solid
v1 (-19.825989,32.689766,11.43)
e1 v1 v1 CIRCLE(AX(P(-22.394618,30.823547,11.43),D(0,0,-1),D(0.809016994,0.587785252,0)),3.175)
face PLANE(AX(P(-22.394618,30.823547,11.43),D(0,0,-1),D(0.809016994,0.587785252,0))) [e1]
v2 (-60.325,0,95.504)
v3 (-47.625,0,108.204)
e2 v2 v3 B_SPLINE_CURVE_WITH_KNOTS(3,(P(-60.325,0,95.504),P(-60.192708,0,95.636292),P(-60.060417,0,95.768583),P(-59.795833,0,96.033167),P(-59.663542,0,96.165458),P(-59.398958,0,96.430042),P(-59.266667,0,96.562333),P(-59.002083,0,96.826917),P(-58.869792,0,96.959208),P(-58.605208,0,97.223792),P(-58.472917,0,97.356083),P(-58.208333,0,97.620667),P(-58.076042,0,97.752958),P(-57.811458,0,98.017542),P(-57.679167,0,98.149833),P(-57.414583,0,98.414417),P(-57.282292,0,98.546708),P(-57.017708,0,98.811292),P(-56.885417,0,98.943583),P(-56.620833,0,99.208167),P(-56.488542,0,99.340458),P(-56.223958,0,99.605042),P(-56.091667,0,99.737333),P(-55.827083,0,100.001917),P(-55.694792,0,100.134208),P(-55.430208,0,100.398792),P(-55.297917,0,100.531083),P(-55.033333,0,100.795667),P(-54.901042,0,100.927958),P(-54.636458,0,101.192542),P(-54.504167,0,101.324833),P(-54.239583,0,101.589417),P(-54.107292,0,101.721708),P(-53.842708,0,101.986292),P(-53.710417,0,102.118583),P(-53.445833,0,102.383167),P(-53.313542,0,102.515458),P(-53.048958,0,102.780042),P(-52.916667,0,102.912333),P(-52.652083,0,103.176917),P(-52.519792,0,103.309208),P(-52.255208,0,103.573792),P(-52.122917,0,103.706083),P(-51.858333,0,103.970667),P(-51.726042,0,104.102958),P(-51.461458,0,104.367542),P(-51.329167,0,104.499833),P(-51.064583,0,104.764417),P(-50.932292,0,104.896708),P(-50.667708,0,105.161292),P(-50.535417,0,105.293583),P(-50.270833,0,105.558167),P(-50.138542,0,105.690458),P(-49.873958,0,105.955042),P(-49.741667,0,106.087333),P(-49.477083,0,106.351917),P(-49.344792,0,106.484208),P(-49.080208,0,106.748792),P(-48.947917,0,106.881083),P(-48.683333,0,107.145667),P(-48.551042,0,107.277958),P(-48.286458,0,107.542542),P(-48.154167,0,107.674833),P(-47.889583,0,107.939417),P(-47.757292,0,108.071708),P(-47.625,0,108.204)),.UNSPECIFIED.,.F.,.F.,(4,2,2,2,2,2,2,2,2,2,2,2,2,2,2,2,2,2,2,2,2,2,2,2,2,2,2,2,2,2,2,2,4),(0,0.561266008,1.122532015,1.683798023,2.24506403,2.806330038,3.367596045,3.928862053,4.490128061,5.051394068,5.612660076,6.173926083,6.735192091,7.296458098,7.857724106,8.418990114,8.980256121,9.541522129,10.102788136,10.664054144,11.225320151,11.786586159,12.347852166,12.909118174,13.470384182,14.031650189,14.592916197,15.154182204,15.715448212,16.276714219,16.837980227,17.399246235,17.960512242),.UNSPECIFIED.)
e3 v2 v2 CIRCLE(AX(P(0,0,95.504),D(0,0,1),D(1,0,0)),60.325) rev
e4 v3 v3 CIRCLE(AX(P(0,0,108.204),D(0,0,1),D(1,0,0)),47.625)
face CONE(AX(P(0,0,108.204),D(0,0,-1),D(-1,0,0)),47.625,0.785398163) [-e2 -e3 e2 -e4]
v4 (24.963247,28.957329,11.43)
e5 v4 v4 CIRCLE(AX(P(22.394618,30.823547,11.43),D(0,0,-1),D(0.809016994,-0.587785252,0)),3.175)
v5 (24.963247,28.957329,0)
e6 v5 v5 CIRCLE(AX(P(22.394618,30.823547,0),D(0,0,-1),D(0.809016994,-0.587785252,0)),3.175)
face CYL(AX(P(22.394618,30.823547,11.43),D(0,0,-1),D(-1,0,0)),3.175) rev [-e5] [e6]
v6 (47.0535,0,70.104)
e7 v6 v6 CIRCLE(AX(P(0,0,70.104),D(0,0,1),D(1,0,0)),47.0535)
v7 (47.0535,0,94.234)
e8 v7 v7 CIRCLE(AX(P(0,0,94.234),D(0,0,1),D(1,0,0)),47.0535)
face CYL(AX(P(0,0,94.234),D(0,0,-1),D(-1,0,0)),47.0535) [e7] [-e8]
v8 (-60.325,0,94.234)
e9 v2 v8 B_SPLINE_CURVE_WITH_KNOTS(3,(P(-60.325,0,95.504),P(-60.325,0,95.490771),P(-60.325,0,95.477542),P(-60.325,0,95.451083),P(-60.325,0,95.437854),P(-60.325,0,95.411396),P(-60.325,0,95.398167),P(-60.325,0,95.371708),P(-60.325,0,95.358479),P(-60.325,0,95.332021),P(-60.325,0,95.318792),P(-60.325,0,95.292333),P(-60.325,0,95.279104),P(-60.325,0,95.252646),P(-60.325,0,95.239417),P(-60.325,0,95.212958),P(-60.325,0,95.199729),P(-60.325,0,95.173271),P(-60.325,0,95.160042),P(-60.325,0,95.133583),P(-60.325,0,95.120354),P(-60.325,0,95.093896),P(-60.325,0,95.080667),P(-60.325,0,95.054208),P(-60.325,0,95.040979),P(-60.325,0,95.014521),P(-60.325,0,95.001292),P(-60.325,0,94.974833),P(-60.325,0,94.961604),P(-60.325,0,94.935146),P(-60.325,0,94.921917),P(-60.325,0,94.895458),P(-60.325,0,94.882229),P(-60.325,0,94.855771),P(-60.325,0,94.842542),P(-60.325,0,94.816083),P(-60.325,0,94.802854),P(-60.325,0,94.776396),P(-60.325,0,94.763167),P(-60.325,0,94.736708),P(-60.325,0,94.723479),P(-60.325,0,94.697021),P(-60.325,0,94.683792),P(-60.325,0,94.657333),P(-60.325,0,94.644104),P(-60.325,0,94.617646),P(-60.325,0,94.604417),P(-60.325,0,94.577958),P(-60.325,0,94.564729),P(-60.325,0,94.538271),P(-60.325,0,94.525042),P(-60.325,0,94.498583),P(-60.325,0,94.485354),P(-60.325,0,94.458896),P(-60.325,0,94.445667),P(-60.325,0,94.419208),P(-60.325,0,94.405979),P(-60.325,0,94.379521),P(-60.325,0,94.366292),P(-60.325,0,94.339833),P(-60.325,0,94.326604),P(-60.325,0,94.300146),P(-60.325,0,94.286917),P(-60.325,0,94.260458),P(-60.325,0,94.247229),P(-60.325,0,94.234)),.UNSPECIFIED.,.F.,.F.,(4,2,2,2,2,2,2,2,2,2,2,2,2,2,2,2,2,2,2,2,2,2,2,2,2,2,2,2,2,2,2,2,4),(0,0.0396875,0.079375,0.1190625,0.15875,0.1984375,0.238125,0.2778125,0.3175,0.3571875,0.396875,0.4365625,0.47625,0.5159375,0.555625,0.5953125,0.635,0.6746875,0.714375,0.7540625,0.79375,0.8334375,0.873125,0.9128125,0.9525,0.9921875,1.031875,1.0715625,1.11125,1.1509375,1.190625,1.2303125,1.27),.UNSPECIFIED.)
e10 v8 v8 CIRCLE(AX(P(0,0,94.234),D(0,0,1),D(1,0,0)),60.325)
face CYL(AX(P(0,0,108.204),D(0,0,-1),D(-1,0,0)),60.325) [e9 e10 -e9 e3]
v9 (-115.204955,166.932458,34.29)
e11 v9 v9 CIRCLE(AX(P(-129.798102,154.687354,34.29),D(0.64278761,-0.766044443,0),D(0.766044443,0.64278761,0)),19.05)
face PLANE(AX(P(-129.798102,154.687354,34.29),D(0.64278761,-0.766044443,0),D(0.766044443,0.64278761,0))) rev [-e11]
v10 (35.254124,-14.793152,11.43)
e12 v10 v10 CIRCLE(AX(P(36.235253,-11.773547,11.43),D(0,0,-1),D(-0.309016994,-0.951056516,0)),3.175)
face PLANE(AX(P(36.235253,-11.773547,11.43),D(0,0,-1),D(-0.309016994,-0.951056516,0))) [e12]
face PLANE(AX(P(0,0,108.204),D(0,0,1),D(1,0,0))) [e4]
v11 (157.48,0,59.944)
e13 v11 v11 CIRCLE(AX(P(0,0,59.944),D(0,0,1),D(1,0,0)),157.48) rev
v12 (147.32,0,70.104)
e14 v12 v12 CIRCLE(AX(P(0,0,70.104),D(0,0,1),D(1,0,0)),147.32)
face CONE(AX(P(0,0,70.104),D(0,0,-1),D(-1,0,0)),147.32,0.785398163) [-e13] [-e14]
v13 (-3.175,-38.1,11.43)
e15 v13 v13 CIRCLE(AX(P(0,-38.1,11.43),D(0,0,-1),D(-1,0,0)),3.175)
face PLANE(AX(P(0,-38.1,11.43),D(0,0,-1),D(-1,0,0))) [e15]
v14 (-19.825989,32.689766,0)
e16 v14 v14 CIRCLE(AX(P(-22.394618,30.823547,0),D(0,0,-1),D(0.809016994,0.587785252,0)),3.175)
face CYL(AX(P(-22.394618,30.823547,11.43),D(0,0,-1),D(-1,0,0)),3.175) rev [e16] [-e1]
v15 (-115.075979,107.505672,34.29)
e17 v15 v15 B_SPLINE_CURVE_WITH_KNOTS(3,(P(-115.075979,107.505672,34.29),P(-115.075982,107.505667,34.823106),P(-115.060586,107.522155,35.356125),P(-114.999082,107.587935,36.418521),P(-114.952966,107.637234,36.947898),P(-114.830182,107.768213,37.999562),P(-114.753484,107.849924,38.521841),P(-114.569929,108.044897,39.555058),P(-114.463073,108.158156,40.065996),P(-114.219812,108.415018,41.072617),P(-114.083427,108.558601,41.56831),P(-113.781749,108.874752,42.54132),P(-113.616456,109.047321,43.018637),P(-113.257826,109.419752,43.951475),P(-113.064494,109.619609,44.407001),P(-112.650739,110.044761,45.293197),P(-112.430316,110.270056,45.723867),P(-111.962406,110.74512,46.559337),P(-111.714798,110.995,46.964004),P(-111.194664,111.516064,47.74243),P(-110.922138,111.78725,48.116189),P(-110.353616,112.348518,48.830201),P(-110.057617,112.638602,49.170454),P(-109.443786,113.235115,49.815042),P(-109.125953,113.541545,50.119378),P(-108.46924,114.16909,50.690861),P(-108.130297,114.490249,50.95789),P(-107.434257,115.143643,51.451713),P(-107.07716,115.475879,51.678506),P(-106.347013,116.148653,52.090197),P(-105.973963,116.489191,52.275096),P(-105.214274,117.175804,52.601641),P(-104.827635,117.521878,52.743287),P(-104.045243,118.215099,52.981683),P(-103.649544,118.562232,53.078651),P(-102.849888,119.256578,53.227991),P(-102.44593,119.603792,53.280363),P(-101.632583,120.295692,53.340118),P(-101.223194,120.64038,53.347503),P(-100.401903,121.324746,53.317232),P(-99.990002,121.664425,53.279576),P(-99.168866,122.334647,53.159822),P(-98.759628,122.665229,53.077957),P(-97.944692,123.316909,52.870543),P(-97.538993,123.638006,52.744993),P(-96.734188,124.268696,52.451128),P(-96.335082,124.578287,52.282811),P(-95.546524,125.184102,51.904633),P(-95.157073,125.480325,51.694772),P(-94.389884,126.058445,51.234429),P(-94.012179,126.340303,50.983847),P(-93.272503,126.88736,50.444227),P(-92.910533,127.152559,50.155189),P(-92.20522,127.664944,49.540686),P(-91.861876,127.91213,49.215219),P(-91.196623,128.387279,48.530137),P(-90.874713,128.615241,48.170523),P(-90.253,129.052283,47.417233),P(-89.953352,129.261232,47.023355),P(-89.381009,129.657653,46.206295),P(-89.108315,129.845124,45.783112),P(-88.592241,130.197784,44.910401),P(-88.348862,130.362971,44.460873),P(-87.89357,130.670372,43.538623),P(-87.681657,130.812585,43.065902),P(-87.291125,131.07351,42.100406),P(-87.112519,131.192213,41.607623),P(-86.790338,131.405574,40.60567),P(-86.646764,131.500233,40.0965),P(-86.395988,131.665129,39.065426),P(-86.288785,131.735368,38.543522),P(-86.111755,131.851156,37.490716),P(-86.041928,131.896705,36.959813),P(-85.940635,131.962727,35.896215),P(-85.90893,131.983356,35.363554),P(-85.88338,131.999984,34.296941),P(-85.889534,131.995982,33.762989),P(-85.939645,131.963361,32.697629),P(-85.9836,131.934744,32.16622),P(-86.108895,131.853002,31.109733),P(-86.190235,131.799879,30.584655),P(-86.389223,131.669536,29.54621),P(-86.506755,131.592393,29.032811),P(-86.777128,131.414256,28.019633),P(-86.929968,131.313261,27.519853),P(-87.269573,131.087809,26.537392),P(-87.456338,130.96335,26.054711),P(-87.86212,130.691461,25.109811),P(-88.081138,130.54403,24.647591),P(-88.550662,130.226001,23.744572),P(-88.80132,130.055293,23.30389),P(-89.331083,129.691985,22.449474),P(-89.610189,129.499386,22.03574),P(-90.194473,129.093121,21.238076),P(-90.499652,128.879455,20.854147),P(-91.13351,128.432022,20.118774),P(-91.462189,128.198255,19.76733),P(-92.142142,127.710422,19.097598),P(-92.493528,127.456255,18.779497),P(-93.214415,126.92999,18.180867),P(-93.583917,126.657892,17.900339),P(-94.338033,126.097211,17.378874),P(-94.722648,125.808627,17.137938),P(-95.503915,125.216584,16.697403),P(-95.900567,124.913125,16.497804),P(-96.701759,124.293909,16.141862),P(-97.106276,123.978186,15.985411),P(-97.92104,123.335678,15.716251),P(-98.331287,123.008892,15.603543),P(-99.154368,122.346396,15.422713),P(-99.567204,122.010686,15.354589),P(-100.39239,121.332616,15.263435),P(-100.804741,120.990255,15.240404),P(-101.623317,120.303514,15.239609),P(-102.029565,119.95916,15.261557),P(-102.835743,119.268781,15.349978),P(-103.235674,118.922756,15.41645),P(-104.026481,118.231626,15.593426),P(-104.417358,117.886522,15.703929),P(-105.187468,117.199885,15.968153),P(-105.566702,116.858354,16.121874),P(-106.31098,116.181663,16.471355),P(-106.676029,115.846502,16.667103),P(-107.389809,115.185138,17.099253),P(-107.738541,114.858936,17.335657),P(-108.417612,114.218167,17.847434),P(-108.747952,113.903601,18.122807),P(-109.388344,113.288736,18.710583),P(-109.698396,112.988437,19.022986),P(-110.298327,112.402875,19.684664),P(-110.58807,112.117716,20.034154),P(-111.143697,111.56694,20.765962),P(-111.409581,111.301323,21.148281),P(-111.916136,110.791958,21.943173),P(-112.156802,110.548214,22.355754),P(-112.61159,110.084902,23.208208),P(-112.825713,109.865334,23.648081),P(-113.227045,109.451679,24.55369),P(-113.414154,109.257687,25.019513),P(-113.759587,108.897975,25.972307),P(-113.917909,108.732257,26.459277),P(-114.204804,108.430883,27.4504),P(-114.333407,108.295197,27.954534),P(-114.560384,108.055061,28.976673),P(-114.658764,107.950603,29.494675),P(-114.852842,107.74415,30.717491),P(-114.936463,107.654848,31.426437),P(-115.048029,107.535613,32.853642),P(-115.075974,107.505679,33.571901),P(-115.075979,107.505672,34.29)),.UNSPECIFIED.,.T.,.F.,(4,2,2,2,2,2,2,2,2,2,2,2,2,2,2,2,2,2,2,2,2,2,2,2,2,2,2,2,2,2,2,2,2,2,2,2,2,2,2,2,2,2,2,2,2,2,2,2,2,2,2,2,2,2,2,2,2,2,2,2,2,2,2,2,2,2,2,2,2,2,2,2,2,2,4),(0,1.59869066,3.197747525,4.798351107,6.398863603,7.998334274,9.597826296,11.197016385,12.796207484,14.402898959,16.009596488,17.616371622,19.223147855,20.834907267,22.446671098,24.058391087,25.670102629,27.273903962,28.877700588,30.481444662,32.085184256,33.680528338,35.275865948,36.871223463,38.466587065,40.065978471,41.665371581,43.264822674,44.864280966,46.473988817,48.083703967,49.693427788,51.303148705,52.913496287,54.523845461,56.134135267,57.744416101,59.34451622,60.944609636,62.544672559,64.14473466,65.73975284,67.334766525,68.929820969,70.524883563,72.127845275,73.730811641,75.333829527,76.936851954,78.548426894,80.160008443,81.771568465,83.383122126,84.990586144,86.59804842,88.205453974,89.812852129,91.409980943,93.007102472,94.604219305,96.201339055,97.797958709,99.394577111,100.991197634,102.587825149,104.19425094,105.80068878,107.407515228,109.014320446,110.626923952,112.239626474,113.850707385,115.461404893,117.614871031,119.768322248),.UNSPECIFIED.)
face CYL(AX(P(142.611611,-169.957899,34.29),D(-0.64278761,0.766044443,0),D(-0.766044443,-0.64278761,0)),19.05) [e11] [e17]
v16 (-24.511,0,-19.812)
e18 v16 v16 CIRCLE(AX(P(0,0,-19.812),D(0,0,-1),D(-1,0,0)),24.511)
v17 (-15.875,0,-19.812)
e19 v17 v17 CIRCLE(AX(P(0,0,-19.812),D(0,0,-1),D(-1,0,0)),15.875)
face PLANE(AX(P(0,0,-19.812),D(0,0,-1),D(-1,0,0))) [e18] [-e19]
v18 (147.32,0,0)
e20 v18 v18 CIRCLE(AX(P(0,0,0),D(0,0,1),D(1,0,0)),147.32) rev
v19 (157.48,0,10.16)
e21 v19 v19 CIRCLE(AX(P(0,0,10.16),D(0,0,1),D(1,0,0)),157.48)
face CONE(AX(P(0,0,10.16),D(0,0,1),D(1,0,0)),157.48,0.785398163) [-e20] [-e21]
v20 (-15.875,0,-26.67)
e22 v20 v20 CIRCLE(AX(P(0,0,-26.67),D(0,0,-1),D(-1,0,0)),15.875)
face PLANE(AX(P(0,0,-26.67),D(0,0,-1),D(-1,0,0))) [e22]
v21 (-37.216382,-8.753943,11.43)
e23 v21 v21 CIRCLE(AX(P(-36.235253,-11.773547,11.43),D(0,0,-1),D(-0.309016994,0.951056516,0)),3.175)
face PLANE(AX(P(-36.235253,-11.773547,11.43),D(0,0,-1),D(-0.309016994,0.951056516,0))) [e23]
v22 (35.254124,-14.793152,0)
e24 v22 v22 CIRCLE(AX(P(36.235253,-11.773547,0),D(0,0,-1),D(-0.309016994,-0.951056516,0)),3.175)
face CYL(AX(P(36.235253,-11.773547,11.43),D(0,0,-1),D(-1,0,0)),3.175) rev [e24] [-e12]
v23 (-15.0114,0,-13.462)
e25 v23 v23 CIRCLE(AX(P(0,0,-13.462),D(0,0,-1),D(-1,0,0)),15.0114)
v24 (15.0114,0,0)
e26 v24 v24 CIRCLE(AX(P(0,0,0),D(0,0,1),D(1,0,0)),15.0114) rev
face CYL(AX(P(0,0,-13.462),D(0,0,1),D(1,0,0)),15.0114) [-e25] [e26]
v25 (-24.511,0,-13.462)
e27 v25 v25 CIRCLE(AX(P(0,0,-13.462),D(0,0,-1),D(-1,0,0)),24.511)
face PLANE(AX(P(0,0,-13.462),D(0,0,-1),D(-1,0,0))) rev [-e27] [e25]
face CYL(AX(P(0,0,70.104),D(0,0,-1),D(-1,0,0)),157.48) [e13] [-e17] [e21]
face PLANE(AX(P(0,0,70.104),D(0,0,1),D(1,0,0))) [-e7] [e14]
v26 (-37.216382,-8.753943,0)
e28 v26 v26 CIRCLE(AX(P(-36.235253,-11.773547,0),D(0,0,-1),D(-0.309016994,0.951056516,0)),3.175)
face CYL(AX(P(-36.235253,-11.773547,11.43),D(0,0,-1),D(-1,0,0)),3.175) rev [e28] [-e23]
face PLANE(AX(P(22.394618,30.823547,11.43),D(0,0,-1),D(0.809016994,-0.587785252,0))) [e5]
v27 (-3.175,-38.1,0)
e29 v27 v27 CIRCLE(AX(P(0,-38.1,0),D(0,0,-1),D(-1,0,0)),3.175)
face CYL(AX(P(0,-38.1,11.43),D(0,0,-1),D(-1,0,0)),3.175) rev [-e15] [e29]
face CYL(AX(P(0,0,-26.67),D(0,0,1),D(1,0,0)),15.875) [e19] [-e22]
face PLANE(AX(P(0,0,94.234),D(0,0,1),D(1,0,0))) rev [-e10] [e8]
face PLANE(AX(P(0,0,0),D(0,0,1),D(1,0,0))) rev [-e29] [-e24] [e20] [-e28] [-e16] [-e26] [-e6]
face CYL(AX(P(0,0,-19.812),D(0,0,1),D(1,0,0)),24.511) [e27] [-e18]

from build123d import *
from build123d.topology import SkipClean

# Parameters (mm, degrees)
SKETCH1_R                  = 157.48000000000002
EXTRUDE1_DEPTH             = 70.10399999999998
SKETCH2_R                  = 47.0535
EXTRUDE2_DEPTH             = 24.130000000000003
SKETCH3_R                  = 15.011400000000002
EXTRUDE3_DEPTH             = 13.462
SKETCH4_R                  = 24.511
EXTRUDE4_DEPTH             = 6.35
SKETCH5_R                  = 15.875
EXTRUDE5_DEPTH             = 6.8580000000000005
SKETCH6_R                  = 3.174999999999999
CUT_EXTRUDE1_DEPTH         = 11.43
CIRPATTERN1_COUNT          = 5
SKETCH7_R                  = 60.325
EXTRUDE6_DEPTH             = 13.970000000000011
CHAMFER1_SIZE              = 10.16
CHAMFER2_SIZE              = 12.7
EXTRUDE7_REACH             = 396.95
EXTRUDE7_END_RADIUS        = 157.48000000000002
SKETCH8_R                  = 19.05
EXTRUDE7_DIRECTION_2_DEPTH = 44.449999999999996


with BuildPart() as part:
    # Sketch1 → Extrude1 (new body)
    with BuildSketch(Plane.XY):
        Circle(SKETCH1_R)
    extrude(amount=EXTRUDE1_DEPTH)

    # Sketch2 → Extrude2 (add)
    with BuildSketch(Plane.XY.offset(70.10399999999998)):
        Circle(SKETCH2_R)
    extrude(amount=EXTRUDE2_DEPTH)

    # Sketch3 → Extrude3 (add)
    with BuildSketch(Plane(origin=(0, 0, 0), x_dir=(-1, 0, 0), z_dir=(0, 0, -1))):
        Circle(SKETCH3_R)
    extrude(amount=EXTRUDE3_DEPTH)

    # Sketch4 → Extrude4 (add)
    with BuildSketch(Plane(origin=(0, 0, -13.462), x_dir=(-1, 0, 0), z_dir=(0, 0, -1))):
        Circle(SKETCH4_R)
    extrude(amount=EXTRUDE4_DEPTH)

    # Sketch5 → Extrude5 (add)
    with BuildSketch(Plane(origin=(0, 0, -19.812), x_dir=(-1, 0, 0), z_dir=(0, 0, -1))):
        Circle(SKETCH5_R)
    extrude(amount=EXTRUDE5_DEPTH)

    # Sketch6 → Cut-Extrude1 (cut)
    with BuildSketch(Plane(origin=(0, 0, 0), x_dir=(-1, 0, 0), z_dir=(0, 0, -1))):
        with Locations((0, -38.1)):
            Circle(SKETCH6_R)
    cut_extrude1 = extrude(amount=-CUT_EXTRUDE1_DEPTH, mode=Mode.SUBTRACT)

    # CirPattern1: Cut-Extrude1 ×5 about axis
    cirpattern1_axis = Axis((0, 0, 70.10399999999998), (0, 0, -1))
    for i in range(1, CIRPATTERN1_COUNT):
        add(cut_extrude1.rotate(cirpattern1_axis, i * 360 / CIRPATTERN1_COUNT), mode=Mode.SUBTRACT)

    # Sketch7 → Extrude6 (add)
    with BuildSketch(Plane.XY.offset(94.23399999999998)):
        Circle(SKETCH7_R)
    extrude(amount=EXTRUDE6_DEPTH)

    # Chamfer1
    chamfer1_edges = [part.edges().sort_by_distance(p)[0] for p in [
        (-157.48000000000002, 1.929e-14, 0),
        (-157.48000000000002, 1.929e-14, 70.10399999999998),
    ]]
    chamfer(chamfer1_edges, length=CHAMFER1_SIZE)

    # Chamfer2
    chamfer2_edges = [part.edges().sort_by_distance(p)[0] for p in [
        (-60.325, 7.39e-15, 108.204),
    ]]
    chamfer(chamfer2_edges, length=CHAMFER2_SIZE)

    # Extrude7: up to this cylinder (the profile starts outside it)
    with SkipClean():  # the faces are left unmerged after this step: merging them gives an invalid solid
        extrude7_end = Plane(origin=(0, 0, 34.29), z_dir=(0, 0, -1)) * Cylinder(EXTRUDE7_END_RADIUS, 1109.8600000000001, mode=Mode.PRIVATE)
        # Sketch8 → Extrude7 (add, up to the surface)
        with BuildSketch(Plane(origin=(-101.22619277343593, 120.63667890237693, 0), x_dir=(0.7660444431189796, 0.6427876096865376, 0), z_dir=(0.6427876096865376, -0.7660444431189797, 0)), mode=Mode.PRIVATE) as extrude7_sk1:
            with Locations((-1.388e-14, 34.290000000000056)):
                Circle(SKETCH8_R)
        extrude7_tool1 = extrude(extrude7_sk1.sketch, amount=EXTRUDE7_REACH, mode=Mode.PRIVATE) - extrude7_end
        add(extrude7_tool1.solids().sort_by_distance((-101.226193, 120.636679, 34.29))[0])
        add(extrude7_tool1.solids().sort_by_distance((-101.226193, 120.636679, 34.29))[1])

    # Sketch8 → Extrude7 direction 2 (add)
    with BuildSketch(Plane(origin=(-101.22619277343593, 120.63667890237693, 0), x_dir=(0.7660444431189796, 0.6427876096865376, 0), z_dir=(0.6427876096865376, -0.7660444431189797, 0))):
        with Locations((-1.388e-14, 34.290000000000056)):
            Circle(SKETCH8_R)
    extrude(amount=-EXTRUDE7_DIRECTION_2_DEPTH)


solid = part.part
